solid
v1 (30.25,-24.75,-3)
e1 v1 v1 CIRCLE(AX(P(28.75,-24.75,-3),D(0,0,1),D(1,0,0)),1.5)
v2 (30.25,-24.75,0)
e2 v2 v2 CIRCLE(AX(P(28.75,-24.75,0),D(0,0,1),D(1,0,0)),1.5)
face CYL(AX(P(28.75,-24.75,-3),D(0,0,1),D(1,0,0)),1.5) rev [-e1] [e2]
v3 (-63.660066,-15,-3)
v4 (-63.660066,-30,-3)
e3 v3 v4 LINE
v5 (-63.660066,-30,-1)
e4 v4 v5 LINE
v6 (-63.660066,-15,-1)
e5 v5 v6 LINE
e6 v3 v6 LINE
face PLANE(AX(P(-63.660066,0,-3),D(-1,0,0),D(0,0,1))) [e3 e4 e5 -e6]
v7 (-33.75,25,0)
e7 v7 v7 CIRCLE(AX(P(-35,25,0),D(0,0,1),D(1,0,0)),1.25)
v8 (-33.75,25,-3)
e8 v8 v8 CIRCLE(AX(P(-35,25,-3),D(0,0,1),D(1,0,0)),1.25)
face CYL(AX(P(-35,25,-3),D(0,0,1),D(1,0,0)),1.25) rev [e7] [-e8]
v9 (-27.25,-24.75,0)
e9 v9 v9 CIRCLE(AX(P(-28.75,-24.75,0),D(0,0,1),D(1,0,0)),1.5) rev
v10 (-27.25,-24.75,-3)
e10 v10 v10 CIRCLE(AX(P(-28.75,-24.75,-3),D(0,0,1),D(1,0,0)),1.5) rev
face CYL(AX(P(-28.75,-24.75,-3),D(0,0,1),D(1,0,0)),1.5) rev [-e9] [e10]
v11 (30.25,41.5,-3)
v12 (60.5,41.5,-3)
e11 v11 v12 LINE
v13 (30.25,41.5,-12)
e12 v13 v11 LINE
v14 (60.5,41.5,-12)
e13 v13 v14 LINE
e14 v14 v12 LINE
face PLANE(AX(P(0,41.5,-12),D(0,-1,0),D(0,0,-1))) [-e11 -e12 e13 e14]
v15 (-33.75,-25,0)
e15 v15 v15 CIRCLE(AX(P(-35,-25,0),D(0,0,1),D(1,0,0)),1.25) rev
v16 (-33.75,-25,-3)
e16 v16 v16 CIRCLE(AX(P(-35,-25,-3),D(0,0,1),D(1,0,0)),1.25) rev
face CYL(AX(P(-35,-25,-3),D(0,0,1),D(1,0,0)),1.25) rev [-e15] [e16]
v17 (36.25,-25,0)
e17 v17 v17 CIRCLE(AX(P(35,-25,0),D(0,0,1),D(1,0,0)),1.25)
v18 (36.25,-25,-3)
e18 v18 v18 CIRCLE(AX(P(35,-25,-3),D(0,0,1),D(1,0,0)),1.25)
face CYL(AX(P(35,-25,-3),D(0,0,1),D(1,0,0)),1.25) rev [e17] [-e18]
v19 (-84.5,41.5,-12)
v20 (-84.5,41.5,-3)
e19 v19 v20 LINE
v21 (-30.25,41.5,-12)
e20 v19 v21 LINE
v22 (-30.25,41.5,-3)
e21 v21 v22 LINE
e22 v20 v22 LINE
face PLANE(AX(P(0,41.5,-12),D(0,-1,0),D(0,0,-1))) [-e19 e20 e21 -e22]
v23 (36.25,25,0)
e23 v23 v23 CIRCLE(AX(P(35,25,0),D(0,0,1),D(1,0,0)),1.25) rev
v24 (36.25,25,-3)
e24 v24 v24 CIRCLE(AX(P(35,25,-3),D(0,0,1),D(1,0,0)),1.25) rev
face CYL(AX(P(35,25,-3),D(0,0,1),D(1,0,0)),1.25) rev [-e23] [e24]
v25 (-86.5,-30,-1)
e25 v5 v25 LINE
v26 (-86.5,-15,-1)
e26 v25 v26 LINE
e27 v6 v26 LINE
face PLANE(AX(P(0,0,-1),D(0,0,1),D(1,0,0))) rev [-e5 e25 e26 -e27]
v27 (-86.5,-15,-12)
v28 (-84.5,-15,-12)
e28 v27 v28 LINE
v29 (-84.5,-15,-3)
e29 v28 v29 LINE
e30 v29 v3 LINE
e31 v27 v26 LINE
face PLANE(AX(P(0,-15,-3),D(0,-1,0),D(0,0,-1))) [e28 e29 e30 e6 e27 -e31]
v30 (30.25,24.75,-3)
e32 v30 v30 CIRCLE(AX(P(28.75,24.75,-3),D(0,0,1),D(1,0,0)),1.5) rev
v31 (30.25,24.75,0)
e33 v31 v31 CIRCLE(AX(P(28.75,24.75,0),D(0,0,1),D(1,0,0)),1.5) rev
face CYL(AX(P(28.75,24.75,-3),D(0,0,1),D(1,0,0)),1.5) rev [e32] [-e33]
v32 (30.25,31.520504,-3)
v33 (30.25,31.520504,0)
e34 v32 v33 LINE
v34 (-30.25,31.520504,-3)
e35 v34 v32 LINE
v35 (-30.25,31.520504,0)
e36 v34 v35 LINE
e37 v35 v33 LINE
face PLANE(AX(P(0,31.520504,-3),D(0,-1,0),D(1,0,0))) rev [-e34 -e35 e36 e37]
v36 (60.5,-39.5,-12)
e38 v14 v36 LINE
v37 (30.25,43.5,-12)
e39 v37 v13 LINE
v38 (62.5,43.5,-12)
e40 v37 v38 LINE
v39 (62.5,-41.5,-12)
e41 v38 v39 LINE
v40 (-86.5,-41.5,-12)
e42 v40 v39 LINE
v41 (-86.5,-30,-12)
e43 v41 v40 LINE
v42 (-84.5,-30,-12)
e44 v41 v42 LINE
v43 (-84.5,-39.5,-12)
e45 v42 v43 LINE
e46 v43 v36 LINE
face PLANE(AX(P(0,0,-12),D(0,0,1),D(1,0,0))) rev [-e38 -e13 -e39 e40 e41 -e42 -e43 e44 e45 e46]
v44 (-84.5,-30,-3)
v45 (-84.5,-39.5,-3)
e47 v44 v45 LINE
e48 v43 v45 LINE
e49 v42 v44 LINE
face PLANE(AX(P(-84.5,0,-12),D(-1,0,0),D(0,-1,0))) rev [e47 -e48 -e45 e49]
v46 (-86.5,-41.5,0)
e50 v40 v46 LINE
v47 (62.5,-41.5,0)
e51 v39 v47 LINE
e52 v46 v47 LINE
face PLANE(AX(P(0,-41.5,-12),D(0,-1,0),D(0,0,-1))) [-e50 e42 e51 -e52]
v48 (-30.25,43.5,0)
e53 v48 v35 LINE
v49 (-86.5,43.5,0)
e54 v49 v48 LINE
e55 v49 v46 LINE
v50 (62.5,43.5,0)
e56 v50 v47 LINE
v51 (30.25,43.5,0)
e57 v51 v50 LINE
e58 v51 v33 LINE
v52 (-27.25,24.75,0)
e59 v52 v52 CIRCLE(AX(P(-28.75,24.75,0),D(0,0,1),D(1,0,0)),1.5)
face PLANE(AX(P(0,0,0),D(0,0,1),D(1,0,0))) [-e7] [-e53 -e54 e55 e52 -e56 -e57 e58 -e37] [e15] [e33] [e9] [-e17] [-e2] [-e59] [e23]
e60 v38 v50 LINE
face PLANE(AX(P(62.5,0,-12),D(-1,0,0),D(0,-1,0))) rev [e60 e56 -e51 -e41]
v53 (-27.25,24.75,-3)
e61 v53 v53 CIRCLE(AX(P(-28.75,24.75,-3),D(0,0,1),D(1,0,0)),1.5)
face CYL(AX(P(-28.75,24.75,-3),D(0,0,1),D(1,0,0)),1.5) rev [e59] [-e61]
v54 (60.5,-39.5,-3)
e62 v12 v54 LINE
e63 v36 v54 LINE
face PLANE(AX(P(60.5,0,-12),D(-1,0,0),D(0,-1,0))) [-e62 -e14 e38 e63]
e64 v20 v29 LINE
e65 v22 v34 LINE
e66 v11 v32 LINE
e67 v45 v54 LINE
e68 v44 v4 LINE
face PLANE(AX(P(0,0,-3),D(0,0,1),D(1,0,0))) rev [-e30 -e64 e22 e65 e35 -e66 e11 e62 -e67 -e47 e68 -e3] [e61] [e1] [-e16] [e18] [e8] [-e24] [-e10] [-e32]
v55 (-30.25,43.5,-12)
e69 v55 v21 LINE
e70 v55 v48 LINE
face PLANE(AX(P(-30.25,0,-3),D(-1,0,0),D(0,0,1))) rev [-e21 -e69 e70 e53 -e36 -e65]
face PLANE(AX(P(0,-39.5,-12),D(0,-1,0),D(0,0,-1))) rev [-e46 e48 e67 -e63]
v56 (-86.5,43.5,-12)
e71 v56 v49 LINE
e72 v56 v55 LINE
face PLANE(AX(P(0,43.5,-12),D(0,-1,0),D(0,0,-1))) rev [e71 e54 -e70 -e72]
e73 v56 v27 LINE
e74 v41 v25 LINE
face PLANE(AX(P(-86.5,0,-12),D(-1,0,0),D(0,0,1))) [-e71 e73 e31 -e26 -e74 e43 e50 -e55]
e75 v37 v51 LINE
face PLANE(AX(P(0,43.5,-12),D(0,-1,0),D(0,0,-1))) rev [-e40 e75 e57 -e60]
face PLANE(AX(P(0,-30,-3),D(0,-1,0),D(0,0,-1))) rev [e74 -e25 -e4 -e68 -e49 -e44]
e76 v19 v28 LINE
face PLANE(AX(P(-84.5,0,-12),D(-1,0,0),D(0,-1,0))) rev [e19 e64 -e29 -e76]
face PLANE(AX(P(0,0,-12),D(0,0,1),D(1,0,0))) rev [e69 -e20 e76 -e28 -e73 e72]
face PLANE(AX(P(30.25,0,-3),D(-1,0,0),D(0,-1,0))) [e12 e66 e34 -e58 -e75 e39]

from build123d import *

# Parameters (mm, degrees)
SKETCH_1_R      = 1.25
SKETCH_1_R_2    = 1.5
EXTRUDE_2_DEPTH = 3
EXTRUDE_3_DEPTH = 12
SKETCH_1_4_W    = 20.839933765
SKETCH_1_4_H    = 15
SKETCH_1_4_W_2  = 2
EXTRUDE_4_DEPTH = 1


with BuildPart() as part:
    # 草图1 → 凸台-拉伸2 (new body)
    with BuildSketch(Plane.XY):
        Polygon((-30.25, 31.520504216), (-30.25, 41.5), (-84.5, 41.5), (-84.5, -15), (-63.660066235, -15), (-63.660066235, -30), (-84.5, -30), (-84.5, -39.5), (60.5, -39.5), (60.5, 41.5), (30.25, 41.5), (30.25, 31.520504216), align=None)
        with Locations((-35, -25)):
            Circle(SKETCH_1_R, mode=Mode.SUBTRACT)
        with Locations((-28.75, -24.75)):
            Circle(SKETCH_1_R_2, mode=Mode.SUBTRACT)
        with Locations((28.75, -24.75)):
            Circle(SKETCH_1_R_2, mode=Mode.SUBTRACT)
        with Locations((35, -25)):
            Circle(SKETCH_1_R, mode=Mode.SUBTRACT)
        with Locations((-35, 25)):
            Circle(SKETCH_1_R, mode=Mode.SUBTRACT)
        with Locations((-28.75, 24.75)):
            Circle(SKETCH_1_R_2, mode=Mode.SUBTRACT)
        with Locations((28.75, 24.75)):
            Circle(SKETCH_1_R_2, mode=Mode.SUBTRACT)
        with Locations((35, 25)):
            Circle(SKETCH_1_R, mode=Mode.SUBTRACT)
    extrude(amount=-EXTRUDE_2_DEPTH)

    # 草图1<3> → 凸台-拉伸3 (add)
    with BuildSketch(Plane.XY):
        Polygon((-30.25, 43.5), (-86.5, 43.5), (-86.5, -15), (-84.5, -15), (-84.5, 41.5), (-30.25, 41.5), align=None)
        Polygon((62.5, 43.5), (30.25, 43.5), (30.25, 41.5), (60.5, 41.5), (60.5, -39.5), (-84.5, -39.5), (-84.5, -30), (-86.5, -30), (-86.5, -41.5), (62.5, -41.5), align=None)
    extrude(amount=-EXTRUDE_3_DEPTH)

    # 草图1<4> → 凸台-拉伸4 (add)
    with BuildSketch(Plane.XY):
        with Locations((-74.080033117, -22.5)):
            Rectangle(SKETCH_1_4_W, SKETCH_1_4_H)
        with Locations((-85.5, -22.5)):
            Rectangle(SKETCH_1_4_W_2, SKETCH_1_4_H)
    extrude(amount=-EXTRUDE_4_DEPTH)


solid = part.part
